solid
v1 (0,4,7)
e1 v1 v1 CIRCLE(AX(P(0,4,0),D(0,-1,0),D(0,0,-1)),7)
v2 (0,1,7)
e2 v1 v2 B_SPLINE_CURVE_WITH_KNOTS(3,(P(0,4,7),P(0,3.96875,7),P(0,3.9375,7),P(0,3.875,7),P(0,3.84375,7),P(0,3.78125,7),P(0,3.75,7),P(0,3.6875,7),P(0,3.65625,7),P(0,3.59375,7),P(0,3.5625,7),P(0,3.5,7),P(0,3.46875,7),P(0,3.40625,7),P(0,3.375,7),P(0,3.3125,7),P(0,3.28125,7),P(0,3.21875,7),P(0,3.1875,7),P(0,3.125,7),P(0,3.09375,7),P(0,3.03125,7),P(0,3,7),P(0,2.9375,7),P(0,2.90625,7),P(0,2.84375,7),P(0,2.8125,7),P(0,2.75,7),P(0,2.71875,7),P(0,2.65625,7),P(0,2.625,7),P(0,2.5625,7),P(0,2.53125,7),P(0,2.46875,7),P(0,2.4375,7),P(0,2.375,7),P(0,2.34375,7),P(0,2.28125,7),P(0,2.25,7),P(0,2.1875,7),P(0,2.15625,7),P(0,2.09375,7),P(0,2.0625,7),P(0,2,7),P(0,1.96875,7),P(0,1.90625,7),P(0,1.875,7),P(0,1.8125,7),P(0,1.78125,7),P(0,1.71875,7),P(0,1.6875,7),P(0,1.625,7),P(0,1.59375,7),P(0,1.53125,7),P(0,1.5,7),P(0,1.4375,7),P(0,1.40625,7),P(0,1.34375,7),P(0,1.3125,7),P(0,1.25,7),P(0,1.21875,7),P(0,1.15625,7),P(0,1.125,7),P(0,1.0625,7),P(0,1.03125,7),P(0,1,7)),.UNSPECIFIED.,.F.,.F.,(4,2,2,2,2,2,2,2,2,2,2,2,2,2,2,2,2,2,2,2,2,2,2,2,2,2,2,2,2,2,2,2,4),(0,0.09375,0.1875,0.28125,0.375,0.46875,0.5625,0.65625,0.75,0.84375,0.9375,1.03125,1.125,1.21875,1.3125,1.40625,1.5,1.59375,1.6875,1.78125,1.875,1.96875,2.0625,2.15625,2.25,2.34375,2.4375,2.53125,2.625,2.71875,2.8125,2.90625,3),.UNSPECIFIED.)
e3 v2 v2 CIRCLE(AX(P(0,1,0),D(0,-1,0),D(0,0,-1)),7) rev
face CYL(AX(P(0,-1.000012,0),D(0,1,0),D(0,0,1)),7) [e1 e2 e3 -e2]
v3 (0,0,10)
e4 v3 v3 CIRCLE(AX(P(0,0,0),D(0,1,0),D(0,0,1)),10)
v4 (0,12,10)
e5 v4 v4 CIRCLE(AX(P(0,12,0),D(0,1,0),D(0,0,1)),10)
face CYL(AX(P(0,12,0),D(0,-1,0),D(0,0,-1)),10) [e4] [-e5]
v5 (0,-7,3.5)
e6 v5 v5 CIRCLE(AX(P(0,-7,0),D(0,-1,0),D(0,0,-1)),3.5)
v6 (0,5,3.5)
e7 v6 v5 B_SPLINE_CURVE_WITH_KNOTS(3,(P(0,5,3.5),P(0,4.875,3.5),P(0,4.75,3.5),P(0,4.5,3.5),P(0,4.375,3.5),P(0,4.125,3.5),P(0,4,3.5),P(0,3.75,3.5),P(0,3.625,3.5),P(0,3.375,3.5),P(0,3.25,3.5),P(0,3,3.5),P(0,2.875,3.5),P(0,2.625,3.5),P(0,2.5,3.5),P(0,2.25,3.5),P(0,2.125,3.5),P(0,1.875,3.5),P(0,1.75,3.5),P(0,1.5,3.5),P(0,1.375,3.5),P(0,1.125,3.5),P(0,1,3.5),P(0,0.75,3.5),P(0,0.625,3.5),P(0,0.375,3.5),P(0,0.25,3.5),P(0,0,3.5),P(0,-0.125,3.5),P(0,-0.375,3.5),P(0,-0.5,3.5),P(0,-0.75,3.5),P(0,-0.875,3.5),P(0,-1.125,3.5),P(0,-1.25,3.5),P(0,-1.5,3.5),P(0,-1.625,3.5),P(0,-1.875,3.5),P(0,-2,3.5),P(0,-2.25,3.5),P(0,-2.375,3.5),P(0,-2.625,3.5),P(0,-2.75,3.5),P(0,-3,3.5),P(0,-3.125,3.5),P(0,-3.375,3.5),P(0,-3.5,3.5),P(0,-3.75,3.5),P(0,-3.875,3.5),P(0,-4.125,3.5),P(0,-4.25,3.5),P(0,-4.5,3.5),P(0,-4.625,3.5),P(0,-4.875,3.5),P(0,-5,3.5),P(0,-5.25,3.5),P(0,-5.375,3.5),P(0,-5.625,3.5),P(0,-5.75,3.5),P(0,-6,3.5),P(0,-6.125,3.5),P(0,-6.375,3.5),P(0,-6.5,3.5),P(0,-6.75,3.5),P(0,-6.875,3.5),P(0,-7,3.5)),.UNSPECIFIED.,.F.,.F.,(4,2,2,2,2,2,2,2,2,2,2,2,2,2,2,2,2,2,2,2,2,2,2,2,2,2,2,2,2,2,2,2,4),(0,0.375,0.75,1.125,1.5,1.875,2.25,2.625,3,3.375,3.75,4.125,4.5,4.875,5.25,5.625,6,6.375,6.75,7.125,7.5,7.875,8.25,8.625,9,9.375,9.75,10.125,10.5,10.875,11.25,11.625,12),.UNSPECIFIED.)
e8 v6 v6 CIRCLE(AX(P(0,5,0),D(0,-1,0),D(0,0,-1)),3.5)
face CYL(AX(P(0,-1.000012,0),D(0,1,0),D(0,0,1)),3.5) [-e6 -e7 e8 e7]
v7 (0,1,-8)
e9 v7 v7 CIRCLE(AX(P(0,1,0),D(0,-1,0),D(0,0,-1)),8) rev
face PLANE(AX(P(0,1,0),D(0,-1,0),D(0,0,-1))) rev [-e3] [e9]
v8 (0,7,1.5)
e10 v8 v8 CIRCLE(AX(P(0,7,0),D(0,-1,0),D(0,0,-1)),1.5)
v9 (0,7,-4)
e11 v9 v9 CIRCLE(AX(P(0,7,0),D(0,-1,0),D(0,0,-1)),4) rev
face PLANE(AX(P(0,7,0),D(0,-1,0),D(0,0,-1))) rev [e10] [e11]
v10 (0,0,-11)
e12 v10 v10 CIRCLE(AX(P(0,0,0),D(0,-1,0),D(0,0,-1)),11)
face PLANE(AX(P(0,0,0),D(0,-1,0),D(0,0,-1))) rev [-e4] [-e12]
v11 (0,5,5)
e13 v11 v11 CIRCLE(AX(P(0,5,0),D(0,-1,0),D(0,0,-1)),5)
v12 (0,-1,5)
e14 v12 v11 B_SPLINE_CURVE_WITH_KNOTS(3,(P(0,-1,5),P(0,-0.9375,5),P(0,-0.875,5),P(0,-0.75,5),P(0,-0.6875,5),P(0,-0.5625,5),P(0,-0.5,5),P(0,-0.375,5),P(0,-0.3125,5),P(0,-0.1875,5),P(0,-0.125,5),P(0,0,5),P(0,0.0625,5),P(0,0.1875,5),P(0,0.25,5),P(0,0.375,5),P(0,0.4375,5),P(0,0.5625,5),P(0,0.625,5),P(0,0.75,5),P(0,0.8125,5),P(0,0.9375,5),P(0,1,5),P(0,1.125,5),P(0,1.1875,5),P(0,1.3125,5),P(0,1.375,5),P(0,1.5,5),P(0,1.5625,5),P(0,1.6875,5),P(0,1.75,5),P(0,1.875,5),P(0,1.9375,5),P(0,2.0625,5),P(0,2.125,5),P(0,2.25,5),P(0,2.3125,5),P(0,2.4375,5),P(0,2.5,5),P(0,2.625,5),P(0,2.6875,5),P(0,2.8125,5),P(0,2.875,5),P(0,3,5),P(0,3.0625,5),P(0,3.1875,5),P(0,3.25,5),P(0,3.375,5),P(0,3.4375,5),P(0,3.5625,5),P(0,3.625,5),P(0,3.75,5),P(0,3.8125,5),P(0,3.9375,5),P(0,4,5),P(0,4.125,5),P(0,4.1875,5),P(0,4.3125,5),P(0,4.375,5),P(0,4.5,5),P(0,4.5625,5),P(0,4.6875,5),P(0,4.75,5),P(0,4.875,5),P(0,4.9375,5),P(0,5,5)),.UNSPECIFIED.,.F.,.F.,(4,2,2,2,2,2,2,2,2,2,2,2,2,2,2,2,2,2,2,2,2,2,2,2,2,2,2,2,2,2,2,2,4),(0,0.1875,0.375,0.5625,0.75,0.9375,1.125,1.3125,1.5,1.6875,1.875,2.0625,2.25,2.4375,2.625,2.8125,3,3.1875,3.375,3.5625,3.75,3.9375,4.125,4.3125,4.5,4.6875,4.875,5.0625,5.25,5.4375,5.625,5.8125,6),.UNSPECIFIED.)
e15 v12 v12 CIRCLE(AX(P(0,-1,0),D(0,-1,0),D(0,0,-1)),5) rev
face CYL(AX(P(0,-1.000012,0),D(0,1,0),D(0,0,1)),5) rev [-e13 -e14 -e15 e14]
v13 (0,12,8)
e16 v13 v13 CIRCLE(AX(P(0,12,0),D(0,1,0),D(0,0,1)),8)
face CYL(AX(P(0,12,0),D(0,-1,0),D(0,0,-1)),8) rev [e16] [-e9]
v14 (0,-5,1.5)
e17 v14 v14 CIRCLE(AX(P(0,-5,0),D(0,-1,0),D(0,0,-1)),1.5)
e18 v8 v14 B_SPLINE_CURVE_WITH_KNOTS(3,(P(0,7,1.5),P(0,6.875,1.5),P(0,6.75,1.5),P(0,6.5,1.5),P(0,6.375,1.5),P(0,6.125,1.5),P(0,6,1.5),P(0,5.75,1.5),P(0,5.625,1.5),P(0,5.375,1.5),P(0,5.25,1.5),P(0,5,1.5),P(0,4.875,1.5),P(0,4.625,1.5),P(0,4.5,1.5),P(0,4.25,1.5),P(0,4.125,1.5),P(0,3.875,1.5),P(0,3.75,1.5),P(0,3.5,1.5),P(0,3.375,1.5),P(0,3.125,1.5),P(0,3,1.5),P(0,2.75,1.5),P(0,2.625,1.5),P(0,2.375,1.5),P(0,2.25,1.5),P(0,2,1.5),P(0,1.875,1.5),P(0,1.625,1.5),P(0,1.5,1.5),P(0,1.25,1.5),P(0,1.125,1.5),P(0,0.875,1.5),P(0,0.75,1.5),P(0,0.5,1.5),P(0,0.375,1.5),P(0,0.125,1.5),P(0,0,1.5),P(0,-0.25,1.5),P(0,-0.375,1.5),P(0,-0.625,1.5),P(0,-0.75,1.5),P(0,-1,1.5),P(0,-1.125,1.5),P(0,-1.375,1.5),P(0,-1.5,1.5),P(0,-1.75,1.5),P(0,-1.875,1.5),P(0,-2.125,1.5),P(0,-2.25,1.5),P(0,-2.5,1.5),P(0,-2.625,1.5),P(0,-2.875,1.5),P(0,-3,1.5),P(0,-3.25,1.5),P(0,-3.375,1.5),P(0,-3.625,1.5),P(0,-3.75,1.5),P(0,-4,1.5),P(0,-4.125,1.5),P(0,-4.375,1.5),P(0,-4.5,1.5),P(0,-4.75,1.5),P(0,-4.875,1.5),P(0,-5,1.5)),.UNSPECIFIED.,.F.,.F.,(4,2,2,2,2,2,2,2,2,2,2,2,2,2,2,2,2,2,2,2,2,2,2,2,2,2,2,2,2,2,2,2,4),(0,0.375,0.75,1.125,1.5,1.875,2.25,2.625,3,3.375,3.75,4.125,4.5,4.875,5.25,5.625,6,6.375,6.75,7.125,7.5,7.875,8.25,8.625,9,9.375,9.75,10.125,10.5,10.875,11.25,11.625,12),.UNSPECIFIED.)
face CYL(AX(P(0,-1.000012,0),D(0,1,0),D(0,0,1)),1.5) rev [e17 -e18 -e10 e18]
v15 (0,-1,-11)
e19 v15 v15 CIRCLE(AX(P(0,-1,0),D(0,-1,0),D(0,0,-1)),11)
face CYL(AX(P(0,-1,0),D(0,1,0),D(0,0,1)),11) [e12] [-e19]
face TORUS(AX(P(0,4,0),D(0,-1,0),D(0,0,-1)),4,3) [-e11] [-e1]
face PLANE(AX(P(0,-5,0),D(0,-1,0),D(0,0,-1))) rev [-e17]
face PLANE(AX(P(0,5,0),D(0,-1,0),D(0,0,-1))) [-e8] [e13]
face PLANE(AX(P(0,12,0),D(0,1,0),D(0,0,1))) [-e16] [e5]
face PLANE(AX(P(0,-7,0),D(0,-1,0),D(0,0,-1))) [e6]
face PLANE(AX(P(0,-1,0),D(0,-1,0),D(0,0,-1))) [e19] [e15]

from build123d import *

# Parameters (mm, degrees)
SKETCH_1_R               = 10
EXTRUDE_1_DEPTH          = 12
SKETCH_2_R               = 11
EXTRUDE_2_DEPTH          = 1
CUT_EXTRUDE_1_DEPTH      = 21.273134933
CUT_EXTRUDE_1_DEPTH_BACK = 6
SKETCH_3_R               = 5
SKETCH_3_R_2             = 3.5
EXTRUDE_START            = 6
SKETCH_5_R               = 3.5
EXTRUDE_3_DEPTH          = 6
SHELL_1_T                = -2
FILLET_1_R               = 3


with BuildPart() as part:
    # ｽｹｯﾁ1 → ﾎﾞｽ - 押し出し1 (new body)
    with BuildSketch(Plane(origin=(0, 0, 0), x_dir=(1, 0, 0), z_dir=(0, 1, 0))):
        with Locations(Location((0, 0, 0), (0, 0, 270))):
            Circle(SKETCH_1_R)
    extrude(amount=EXTRUDE_1_DEPTH)

    # ｽｹｯﾁ2 → ﾎﾞｽ - 押し出し2 (add)
    with BuildSketch(Plane.XZ):
        with Locations(Location((0, 0, 0), (0, 0, 270))):
            Circle(SKETCH_2_R)
    extrude(amount=EXTRUDE_2_DEPTH)

    # ｽｹｯﾁ3 → ｶｯﾄ - 押し出し1 (cut, two sides: drawn at the far end of the back side and taken through both)
    with BuildSketch(Plane.XZ.offset(1).offset(-CUT_EXTRUDE_1_DEPTH_BACK)):
        with Locations(Location((0, 0, 0), (0, 0, 90))):
            Circle(SKETCH_3_R)
        with Locations(Location((0, 0, 0), (0, 0, 90))):
            Circle(SKETCH_3_R_2, mode=Mode.SUBTRACT)
    extrude(amount=CUT_EXTRUDE_1_DEPTH + CUT_EXTRUDE_1_DEPTH_BACK, mode=Mode.SUBTRACT)

    # ｽｹｯﾁ5 → ﾎﾞｽ - 押し出し3 (add)
    with BuildSketch(Plane.XZ.offset(1).offset(EXTRUDE_START)):
        with Locations(Location((0, 0, 0), (0, 0, 90))):
            Circle(SKETCH_5_R)
    extrude(amount=-EXTRUDE_3_DEPTH)

    # ｼｪﾙ1
    shell_1_openings = [part.faces().sort_by_distance(p)[0] for p in [
        (0, 12, 0),
    ]]
    offset(amount=SHELL_1_T, openings=shell_1_openings, kind=Kind.INTERSECTION)

    # ﾌｨﾚｯﾄ1
    fillet_1_edges = [part.edges().sort_by_distance(p)[0] for p in [
        (0, 7, -7),
    ]]
    fillet(fillet_1_edges, radius=FILLET_1_R)


solid = part.part
